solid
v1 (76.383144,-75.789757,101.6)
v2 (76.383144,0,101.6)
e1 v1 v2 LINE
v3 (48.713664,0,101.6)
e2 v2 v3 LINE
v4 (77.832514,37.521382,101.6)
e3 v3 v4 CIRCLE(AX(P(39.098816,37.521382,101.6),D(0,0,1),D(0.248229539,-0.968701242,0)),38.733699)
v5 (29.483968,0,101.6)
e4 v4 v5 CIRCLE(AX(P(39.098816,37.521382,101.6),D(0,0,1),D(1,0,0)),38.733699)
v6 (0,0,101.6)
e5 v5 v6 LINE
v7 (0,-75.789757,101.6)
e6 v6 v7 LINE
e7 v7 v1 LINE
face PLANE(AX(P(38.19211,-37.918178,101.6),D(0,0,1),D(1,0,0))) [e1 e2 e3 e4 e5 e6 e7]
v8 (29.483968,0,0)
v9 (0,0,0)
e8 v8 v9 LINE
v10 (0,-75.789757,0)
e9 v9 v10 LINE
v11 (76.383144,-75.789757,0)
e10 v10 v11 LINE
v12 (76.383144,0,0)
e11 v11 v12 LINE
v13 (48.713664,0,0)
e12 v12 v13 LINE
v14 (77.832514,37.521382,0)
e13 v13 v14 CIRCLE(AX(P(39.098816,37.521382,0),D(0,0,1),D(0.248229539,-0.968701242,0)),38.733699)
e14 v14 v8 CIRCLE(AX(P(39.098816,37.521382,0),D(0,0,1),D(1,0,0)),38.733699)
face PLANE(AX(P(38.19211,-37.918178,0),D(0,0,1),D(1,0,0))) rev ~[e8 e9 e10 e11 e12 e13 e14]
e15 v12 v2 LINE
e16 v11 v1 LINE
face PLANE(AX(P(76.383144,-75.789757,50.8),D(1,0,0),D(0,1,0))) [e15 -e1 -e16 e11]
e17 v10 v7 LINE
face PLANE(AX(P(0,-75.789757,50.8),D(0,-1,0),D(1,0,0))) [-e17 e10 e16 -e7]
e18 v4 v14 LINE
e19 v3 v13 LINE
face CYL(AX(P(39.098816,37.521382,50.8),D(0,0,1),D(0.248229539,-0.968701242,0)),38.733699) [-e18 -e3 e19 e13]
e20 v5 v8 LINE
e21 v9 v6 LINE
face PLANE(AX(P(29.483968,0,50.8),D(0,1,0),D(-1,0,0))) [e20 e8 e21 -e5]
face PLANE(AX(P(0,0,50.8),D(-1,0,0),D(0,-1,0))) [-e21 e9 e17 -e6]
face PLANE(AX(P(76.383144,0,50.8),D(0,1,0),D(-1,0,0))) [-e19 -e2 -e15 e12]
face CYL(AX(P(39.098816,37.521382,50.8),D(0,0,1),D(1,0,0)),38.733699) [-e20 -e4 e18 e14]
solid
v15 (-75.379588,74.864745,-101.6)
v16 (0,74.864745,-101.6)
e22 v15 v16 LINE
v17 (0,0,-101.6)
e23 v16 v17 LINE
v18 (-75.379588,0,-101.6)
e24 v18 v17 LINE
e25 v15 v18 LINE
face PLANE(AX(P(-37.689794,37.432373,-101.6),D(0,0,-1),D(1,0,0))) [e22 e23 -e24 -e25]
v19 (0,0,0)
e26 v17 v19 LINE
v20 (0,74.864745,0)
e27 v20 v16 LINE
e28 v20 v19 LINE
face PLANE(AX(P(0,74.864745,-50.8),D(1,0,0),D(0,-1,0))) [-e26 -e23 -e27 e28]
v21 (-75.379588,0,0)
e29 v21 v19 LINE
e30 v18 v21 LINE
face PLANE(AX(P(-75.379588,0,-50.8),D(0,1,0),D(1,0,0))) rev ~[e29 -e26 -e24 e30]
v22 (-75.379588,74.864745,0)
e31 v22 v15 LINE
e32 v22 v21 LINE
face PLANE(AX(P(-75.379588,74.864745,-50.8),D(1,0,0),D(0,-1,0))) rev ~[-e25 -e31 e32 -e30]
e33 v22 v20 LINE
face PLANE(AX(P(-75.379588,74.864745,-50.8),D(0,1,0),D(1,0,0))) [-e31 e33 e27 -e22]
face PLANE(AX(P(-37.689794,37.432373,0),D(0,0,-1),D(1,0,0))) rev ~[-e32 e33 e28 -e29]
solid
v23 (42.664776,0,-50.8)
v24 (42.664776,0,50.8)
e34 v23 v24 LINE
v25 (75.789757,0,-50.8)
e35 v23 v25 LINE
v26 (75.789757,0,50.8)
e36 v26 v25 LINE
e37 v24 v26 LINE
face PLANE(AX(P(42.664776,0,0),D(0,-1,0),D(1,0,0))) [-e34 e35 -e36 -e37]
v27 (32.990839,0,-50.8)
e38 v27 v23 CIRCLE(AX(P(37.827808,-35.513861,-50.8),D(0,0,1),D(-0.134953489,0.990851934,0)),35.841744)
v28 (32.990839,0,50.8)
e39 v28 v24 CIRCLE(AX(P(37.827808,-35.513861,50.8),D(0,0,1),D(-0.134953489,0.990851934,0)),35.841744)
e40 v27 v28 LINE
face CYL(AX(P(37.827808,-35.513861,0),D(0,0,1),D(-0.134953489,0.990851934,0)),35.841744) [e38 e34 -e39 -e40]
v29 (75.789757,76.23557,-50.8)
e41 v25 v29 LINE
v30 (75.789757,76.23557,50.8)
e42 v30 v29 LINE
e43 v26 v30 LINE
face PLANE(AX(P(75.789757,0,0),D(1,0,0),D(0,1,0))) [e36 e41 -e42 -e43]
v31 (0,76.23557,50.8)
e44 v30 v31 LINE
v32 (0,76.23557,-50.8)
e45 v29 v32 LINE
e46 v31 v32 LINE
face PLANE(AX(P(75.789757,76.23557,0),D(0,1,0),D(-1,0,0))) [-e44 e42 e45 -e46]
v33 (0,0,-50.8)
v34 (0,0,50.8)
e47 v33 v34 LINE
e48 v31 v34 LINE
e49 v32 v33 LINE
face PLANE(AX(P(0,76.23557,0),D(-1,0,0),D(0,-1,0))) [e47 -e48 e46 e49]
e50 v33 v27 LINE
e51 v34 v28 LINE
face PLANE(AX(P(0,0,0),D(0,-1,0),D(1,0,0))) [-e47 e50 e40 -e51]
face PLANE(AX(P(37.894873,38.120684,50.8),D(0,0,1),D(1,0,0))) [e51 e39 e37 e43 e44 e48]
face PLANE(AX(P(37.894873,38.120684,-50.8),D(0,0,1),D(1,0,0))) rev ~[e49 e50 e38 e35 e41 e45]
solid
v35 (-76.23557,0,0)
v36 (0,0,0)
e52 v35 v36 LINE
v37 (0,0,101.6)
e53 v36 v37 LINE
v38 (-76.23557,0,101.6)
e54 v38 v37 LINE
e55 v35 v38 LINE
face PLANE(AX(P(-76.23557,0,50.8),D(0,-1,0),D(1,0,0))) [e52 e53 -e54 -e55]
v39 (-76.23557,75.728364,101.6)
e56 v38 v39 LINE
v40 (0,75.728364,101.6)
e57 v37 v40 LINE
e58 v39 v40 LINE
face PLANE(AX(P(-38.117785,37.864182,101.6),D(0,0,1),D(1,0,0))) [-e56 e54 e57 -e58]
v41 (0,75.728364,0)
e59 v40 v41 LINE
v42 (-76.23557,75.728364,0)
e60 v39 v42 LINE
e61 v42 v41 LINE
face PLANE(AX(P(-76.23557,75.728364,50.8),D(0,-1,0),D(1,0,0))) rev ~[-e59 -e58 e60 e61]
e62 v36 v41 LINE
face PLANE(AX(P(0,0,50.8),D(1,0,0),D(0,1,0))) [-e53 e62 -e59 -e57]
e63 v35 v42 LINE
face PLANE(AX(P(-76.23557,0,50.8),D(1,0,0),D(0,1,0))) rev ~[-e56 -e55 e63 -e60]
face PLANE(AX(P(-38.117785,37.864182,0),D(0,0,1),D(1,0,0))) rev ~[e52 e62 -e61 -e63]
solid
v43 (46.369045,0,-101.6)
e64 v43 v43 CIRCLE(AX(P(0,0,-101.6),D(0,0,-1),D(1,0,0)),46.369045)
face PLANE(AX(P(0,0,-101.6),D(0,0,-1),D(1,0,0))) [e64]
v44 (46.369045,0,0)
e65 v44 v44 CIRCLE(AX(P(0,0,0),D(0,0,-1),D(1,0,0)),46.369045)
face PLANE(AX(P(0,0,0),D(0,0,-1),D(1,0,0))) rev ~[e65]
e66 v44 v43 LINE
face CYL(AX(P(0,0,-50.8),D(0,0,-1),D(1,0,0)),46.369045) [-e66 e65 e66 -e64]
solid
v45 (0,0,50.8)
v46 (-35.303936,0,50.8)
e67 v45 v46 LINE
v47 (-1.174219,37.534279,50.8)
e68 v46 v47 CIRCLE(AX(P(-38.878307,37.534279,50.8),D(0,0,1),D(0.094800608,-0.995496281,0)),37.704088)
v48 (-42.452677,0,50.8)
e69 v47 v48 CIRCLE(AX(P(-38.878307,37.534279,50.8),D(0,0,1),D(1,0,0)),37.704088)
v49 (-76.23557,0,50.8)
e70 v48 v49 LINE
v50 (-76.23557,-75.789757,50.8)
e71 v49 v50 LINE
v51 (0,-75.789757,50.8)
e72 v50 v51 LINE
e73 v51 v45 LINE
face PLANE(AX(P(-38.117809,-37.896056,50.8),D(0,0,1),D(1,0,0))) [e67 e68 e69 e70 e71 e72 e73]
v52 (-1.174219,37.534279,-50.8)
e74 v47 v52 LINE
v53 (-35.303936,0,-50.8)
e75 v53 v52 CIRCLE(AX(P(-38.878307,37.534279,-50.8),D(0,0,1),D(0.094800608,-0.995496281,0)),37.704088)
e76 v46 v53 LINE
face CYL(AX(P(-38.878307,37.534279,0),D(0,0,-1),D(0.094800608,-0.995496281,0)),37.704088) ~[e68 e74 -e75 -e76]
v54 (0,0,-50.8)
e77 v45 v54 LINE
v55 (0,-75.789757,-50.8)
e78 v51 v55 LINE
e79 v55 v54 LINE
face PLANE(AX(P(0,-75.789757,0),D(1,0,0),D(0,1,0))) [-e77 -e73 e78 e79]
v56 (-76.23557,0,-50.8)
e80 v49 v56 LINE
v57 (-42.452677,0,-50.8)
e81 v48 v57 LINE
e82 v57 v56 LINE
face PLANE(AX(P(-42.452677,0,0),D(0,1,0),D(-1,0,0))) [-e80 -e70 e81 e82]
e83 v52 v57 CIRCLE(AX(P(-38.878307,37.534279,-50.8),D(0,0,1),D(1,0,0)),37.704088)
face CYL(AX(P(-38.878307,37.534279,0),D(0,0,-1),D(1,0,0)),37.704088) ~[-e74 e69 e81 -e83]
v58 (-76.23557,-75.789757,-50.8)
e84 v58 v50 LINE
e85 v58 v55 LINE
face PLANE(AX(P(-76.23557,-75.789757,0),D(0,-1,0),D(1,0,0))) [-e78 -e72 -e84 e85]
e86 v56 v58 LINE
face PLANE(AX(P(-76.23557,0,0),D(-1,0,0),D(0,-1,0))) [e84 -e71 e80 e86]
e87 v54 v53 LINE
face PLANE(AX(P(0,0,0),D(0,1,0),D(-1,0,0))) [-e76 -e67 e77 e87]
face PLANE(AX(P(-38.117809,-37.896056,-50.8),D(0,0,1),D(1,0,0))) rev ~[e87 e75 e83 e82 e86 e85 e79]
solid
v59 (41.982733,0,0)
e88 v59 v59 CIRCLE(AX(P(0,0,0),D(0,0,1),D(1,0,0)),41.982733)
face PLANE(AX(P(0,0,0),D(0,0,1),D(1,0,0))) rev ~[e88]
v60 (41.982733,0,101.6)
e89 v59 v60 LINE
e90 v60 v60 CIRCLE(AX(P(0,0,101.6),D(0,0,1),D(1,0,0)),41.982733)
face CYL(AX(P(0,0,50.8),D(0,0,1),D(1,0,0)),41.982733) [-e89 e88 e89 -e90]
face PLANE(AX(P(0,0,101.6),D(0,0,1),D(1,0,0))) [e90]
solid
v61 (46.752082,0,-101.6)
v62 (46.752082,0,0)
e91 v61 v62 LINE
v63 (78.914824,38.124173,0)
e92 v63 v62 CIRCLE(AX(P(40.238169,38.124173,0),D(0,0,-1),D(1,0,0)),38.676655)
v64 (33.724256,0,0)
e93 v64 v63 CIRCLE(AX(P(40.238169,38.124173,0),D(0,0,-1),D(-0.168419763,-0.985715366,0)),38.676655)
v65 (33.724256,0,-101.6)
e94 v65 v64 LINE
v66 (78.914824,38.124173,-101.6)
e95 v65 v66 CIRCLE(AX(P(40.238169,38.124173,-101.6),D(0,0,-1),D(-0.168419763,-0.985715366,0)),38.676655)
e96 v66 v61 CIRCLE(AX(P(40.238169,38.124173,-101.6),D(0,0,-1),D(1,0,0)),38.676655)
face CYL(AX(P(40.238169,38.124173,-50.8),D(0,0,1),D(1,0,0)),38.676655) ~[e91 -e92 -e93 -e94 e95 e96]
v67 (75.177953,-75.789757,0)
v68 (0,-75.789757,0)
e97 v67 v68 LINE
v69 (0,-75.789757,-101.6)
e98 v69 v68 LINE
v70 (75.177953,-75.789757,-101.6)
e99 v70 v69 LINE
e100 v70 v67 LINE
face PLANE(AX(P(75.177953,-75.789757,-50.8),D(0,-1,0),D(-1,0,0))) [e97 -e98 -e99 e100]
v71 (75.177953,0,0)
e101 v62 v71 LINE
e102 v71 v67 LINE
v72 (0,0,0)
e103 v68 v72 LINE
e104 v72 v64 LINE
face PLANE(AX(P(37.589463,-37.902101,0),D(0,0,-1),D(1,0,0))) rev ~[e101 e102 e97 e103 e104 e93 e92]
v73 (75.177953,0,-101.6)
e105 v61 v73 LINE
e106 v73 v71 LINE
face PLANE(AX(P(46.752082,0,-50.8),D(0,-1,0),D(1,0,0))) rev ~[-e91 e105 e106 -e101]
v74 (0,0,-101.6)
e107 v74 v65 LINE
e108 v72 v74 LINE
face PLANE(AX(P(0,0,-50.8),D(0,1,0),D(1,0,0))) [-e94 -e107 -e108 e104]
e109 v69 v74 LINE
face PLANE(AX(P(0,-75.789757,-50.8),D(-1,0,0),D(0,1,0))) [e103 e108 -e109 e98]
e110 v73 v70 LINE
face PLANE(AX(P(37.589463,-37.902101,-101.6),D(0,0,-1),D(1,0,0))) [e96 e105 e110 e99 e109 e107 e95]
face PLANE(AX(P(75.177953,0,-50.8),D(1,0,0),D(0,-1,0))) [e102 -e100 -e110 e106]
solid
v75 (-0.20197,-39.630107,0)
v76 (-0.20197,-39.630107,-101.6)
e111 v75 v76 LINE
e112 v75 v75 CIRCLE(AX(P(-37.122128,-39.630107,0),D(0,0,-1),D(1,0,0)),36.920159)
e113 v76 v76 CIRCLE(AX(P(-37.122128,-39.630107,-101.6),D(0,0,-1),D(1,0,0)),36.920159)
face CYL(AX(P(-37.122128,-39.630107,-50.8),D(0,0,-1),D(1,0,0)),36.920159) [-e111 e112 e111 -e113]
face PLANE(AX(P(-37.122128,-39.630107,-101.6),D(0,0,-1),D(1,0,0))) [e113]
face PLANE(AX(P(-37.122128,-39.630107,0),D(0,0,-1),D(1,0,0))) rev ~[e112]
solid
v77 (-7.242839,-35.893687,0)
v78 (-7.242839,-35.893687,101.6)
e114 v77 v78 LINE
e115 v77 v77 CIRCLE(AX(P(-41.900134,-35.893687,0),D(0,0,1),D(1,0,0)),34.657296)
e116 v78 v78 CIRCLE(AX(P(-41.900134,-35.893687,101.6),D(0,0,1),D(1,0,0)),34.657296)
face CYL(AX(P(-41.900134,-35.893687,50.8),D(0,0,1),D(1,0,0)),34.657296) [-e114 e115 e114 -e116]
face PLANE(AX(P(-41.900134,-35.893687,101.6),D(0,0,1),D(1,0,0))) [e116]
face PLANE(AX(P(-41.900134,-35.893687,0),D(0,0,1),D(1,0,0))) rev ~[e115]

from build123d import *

# Parameters (mm, degrees)
F1_DEPTH = 50.8
F2_R     = 41.9827329892
F3_DEPTH = 50.8
F4_R     = 46.3690450782
F5_DEPTH = 50.8
F6_W     = 76.2355700135
F6_H     = 75.7283642888
F7_DEPTH = 50.8
F6_R     = 34.657295951
F8_W     = 75.3795877099
F8_H     = 74.8647451401
F9_DEPTH = 50.8
F8_R     = 36.9201585183


with BuildPart() as f1:
    # F0 (on Top) → F1 (new body, symmetric)
    with BuildSketch(Plane.XY):
        with BuildLine():
            Line((-76.2355700135, 0), (-76.2355700135, -75.7897570729))
            Line((-76.2355700135, -75.7897570729), (0, -75.7897570729))
            Line((0, -75.7897570729), (0, 0))
            Line((0, 0), (-35.3039363166, 0))
            ThreePointArc((-35.3039363166, 0), (-38.8783067636, -0.1698086305), (-42.4526772107, 0))
            Line((-42.4526772107, 0), (-76.2355700135, 0))
        make_face()
        with BuildLine():
            ThreePointArc((-1.174218853, 37.5342792802), (-64.2439318064, 65.430216464), (-42.4526772107, 0))
            Line((-42.4526772107, 0), (-35.3039363166, 0))
            ThreePointArc((-35.3039363166, 0), (-10.9823695798, 12.1686542375), (-1.174218853, 37.5342792802))
        make_face()
        with BuildLine():
            Line((-35.3039363166, 0), (-42.4526772107, 0))
            ThreePointArc((-42.4526772107, 0), (-38.8783067636, -0.1698086305), (-35.3039363166, 0))
        make_face()
    extrude(amount=F1_DEPTH, both=True)


with BuildPart() as f1b:
    # F0 (on Top) → F1, piece 2 (new body, symmetric)
    with BuildSketch(Plane.XY):
        with BuildLine():
            Line((0, 76.2355700135), (0, 0))
            Line((0, 0), (32.9908393323, 0))
            ThreePointArc((32.9908393323, 0), (37.8278076863, 0.327882624), (42.6647760403, 0))
            Line((42.6647760403, 0), (75.7897570729, 0))
            Line((75.7897570729, 0), (75.7897570729, 76.2355700135))
            Line((75.7897570729, 76.2355700135), (0, 76.2355700135))
        make_face()
        with BuildLine():
            ThreePointArc((42.6647760403, 0), (37.8278076863, 0.327882624), (32.9908393323, 0))
            Line((32.9908393323, 0), (42.6647760403, 0))
        make_face()
        with BuildLine():
            Line((42.6647760403, 0), (32.9908393323, 0))
            ThreePointArc((32.9908393323, 0), (14.2559473008, -62.5138235869), (73.6695512762, -35.513860966))
            ThreePointArc((73.6695512762, -35.513860966), (64.8277703072, -11.9420005804), (42.6647760403, 0))
        make_face()
    extrude(amount=F1_DEPTH, both=True)


with BuildPart() as f3:
    # F2 (on face) → F3 (new body, symmetric)
    with BuildSketch(Plane.XY.offset(50.8)):
        Circle(F2_R)
    extrude(amount=F3_DEPTH, both=True)


with BuildPart() as f5:
    # F4 (on face) → F5 (new body, symmetric)
    with BuildSketch(Plane(origin=(0, 0, -50.8), x_dir=(1, 0, 0), z_dir=(0, 0, -1))):
        Circle(F4_R)
    extrude(amount=F5_DEPTH, both=True)


with BuildPart() as f7:
    # F6 (on face) → F7 (new body, symmetric)
    with BuildSketch(Plane.XY.offset(50.8)):
        with Locations((-38.1177850068, 37.8641821444)):
            Rectangle(F6_W, F6_H)
    extrude(amount=F7_DEPTH, both=True)


with BuildPart() as f7b:
    # F6 (on face) → F7, piece 2 (new body, symmetric)
    with BuildSketch(Plane.XY.offset(50.8)):
        with BuildLine():
            Line((29.4839675583, 0), (0, 0))
            Line((0, 0), (0, -75.7897570729))
            Line((0, -75.7897570729), (76.3831436634, -75.7897570729))
            Line((76.3831436634, -75.7897570729), (76.3831436634, 0))
            Line((76.3831436634, 0), (48.7136638882, 0))
            ThreePointArc((48.7136638882, 0), (39.0988157233, -1.2123166643), (29.4839675583, 0))
        make_face()
        with BuildLine():
            ThreePointArc((77.8325144727, 37.5213820851), (15.3513865312, 68.1213661631), (29.4839675583, 0))
            Line((29.4839675583, 0), (48.7136638882, 0))
            ThreePointArc((48.7136638882, 0), (69.6987998013, 13.773952893), (77.8325144727, 37.5213820851))
        make_face()
        with BuildLine():
            Line((48.7136638882, 0), (29.4839675583, 0))
            ThreePointArc((29.4839675583, 0), (39.0988157233, -1.2123166643), (48.7136638882, 0))
        make_face()
    extrude(amount=F7_DEPTH, both=True)


with BuildPart() as f7c:
    # F6 (on face) → F7, piece 3 (new body, symmetric)
    with BuildSketch(Plane.XY.offset(50.8)):
        with Locations((-41.9001344524, -35.893687272)):
            Circle(F6_R)
    extrude(amount=F7_DEPTH, both=True)


with BuildPart() as f9:
    # F8 (on face) → F9 (new body, symmetric)
    with BuildSketch(Plane(origin=(0, 0, -50.8), x_dir=(1, 0, 0), z_dir=(0, 0, -1))):
        with Locations((-37.689793855, -37.43237257)):
            Rectangle(F8_W, F8_H)
    extrude(amount=F9_DEPTH, both=True)


with BuildPart() as f9b:
    # F8 (on face) → F9, piece 2 (new body, symmetric)
    with BuildSketch(Plane(origin=(0, 0, -50.8), x_dir=(1, 0, 0), z_dir=(0, 0, -1))):
        with BuildLine():
            Line((0, 75.7897570729), (0, 0))
            Line((0, 0), (33.7242558599, 0))
            ThreePointArc((33.7242558599, 0), (40.2381688994, 0.5524818444), (46.752081939, 0))
            Line((46.752081939, 0), (75.1779526472, 0))
            Line((75.1779526472, 0), (75.1779526472, 75.7897570729))
            Line((75.1779526472, 75.7897570729), (0, 75.7897570729))
        make_face()
        with BuildLine():
            ThreePointArc((46.752081939, 0), (40.2381688994, 0.5524818444), (33.7242558599, 0))
            Line((33.7242558599, 0), (46.752081939, 0))
        make_face()
        with BuildLine():
            Line((46.752081939, 0), (33.7242558599, 0))
            ThreePointArc((33.7242558599, 0), (15.2987696707, -67.6861418797), (78.9148238023, -38.1241730585))
            ThreePointArc((78.9148238023, -38.1241730585), (69.8001377207, -13.1847738297), (46.752081939, 0))
        make_face()
    extrude(amount=F9_DEPTH, both=True)


with BuildPart() as f9c:
    # F8 (on face) → F9, piece 3 (new body, symmetric)
    with BuildSketch(Plane(origin=(0, 0, -50.8), x_dir=(1, 0, 0), z_dir=(0, 0, -1))):
        with Locations((-37.122128104, 39.6301070985)):
            Circle(F8_R)
    extrude(amount=F9_DEPTH, both=True)


solid = Compound([f1.part, f1b.part, f3.part, f5.part, f7.part, f7b.part, f7c.part, f9.part, f9b.part, f9c.part])
